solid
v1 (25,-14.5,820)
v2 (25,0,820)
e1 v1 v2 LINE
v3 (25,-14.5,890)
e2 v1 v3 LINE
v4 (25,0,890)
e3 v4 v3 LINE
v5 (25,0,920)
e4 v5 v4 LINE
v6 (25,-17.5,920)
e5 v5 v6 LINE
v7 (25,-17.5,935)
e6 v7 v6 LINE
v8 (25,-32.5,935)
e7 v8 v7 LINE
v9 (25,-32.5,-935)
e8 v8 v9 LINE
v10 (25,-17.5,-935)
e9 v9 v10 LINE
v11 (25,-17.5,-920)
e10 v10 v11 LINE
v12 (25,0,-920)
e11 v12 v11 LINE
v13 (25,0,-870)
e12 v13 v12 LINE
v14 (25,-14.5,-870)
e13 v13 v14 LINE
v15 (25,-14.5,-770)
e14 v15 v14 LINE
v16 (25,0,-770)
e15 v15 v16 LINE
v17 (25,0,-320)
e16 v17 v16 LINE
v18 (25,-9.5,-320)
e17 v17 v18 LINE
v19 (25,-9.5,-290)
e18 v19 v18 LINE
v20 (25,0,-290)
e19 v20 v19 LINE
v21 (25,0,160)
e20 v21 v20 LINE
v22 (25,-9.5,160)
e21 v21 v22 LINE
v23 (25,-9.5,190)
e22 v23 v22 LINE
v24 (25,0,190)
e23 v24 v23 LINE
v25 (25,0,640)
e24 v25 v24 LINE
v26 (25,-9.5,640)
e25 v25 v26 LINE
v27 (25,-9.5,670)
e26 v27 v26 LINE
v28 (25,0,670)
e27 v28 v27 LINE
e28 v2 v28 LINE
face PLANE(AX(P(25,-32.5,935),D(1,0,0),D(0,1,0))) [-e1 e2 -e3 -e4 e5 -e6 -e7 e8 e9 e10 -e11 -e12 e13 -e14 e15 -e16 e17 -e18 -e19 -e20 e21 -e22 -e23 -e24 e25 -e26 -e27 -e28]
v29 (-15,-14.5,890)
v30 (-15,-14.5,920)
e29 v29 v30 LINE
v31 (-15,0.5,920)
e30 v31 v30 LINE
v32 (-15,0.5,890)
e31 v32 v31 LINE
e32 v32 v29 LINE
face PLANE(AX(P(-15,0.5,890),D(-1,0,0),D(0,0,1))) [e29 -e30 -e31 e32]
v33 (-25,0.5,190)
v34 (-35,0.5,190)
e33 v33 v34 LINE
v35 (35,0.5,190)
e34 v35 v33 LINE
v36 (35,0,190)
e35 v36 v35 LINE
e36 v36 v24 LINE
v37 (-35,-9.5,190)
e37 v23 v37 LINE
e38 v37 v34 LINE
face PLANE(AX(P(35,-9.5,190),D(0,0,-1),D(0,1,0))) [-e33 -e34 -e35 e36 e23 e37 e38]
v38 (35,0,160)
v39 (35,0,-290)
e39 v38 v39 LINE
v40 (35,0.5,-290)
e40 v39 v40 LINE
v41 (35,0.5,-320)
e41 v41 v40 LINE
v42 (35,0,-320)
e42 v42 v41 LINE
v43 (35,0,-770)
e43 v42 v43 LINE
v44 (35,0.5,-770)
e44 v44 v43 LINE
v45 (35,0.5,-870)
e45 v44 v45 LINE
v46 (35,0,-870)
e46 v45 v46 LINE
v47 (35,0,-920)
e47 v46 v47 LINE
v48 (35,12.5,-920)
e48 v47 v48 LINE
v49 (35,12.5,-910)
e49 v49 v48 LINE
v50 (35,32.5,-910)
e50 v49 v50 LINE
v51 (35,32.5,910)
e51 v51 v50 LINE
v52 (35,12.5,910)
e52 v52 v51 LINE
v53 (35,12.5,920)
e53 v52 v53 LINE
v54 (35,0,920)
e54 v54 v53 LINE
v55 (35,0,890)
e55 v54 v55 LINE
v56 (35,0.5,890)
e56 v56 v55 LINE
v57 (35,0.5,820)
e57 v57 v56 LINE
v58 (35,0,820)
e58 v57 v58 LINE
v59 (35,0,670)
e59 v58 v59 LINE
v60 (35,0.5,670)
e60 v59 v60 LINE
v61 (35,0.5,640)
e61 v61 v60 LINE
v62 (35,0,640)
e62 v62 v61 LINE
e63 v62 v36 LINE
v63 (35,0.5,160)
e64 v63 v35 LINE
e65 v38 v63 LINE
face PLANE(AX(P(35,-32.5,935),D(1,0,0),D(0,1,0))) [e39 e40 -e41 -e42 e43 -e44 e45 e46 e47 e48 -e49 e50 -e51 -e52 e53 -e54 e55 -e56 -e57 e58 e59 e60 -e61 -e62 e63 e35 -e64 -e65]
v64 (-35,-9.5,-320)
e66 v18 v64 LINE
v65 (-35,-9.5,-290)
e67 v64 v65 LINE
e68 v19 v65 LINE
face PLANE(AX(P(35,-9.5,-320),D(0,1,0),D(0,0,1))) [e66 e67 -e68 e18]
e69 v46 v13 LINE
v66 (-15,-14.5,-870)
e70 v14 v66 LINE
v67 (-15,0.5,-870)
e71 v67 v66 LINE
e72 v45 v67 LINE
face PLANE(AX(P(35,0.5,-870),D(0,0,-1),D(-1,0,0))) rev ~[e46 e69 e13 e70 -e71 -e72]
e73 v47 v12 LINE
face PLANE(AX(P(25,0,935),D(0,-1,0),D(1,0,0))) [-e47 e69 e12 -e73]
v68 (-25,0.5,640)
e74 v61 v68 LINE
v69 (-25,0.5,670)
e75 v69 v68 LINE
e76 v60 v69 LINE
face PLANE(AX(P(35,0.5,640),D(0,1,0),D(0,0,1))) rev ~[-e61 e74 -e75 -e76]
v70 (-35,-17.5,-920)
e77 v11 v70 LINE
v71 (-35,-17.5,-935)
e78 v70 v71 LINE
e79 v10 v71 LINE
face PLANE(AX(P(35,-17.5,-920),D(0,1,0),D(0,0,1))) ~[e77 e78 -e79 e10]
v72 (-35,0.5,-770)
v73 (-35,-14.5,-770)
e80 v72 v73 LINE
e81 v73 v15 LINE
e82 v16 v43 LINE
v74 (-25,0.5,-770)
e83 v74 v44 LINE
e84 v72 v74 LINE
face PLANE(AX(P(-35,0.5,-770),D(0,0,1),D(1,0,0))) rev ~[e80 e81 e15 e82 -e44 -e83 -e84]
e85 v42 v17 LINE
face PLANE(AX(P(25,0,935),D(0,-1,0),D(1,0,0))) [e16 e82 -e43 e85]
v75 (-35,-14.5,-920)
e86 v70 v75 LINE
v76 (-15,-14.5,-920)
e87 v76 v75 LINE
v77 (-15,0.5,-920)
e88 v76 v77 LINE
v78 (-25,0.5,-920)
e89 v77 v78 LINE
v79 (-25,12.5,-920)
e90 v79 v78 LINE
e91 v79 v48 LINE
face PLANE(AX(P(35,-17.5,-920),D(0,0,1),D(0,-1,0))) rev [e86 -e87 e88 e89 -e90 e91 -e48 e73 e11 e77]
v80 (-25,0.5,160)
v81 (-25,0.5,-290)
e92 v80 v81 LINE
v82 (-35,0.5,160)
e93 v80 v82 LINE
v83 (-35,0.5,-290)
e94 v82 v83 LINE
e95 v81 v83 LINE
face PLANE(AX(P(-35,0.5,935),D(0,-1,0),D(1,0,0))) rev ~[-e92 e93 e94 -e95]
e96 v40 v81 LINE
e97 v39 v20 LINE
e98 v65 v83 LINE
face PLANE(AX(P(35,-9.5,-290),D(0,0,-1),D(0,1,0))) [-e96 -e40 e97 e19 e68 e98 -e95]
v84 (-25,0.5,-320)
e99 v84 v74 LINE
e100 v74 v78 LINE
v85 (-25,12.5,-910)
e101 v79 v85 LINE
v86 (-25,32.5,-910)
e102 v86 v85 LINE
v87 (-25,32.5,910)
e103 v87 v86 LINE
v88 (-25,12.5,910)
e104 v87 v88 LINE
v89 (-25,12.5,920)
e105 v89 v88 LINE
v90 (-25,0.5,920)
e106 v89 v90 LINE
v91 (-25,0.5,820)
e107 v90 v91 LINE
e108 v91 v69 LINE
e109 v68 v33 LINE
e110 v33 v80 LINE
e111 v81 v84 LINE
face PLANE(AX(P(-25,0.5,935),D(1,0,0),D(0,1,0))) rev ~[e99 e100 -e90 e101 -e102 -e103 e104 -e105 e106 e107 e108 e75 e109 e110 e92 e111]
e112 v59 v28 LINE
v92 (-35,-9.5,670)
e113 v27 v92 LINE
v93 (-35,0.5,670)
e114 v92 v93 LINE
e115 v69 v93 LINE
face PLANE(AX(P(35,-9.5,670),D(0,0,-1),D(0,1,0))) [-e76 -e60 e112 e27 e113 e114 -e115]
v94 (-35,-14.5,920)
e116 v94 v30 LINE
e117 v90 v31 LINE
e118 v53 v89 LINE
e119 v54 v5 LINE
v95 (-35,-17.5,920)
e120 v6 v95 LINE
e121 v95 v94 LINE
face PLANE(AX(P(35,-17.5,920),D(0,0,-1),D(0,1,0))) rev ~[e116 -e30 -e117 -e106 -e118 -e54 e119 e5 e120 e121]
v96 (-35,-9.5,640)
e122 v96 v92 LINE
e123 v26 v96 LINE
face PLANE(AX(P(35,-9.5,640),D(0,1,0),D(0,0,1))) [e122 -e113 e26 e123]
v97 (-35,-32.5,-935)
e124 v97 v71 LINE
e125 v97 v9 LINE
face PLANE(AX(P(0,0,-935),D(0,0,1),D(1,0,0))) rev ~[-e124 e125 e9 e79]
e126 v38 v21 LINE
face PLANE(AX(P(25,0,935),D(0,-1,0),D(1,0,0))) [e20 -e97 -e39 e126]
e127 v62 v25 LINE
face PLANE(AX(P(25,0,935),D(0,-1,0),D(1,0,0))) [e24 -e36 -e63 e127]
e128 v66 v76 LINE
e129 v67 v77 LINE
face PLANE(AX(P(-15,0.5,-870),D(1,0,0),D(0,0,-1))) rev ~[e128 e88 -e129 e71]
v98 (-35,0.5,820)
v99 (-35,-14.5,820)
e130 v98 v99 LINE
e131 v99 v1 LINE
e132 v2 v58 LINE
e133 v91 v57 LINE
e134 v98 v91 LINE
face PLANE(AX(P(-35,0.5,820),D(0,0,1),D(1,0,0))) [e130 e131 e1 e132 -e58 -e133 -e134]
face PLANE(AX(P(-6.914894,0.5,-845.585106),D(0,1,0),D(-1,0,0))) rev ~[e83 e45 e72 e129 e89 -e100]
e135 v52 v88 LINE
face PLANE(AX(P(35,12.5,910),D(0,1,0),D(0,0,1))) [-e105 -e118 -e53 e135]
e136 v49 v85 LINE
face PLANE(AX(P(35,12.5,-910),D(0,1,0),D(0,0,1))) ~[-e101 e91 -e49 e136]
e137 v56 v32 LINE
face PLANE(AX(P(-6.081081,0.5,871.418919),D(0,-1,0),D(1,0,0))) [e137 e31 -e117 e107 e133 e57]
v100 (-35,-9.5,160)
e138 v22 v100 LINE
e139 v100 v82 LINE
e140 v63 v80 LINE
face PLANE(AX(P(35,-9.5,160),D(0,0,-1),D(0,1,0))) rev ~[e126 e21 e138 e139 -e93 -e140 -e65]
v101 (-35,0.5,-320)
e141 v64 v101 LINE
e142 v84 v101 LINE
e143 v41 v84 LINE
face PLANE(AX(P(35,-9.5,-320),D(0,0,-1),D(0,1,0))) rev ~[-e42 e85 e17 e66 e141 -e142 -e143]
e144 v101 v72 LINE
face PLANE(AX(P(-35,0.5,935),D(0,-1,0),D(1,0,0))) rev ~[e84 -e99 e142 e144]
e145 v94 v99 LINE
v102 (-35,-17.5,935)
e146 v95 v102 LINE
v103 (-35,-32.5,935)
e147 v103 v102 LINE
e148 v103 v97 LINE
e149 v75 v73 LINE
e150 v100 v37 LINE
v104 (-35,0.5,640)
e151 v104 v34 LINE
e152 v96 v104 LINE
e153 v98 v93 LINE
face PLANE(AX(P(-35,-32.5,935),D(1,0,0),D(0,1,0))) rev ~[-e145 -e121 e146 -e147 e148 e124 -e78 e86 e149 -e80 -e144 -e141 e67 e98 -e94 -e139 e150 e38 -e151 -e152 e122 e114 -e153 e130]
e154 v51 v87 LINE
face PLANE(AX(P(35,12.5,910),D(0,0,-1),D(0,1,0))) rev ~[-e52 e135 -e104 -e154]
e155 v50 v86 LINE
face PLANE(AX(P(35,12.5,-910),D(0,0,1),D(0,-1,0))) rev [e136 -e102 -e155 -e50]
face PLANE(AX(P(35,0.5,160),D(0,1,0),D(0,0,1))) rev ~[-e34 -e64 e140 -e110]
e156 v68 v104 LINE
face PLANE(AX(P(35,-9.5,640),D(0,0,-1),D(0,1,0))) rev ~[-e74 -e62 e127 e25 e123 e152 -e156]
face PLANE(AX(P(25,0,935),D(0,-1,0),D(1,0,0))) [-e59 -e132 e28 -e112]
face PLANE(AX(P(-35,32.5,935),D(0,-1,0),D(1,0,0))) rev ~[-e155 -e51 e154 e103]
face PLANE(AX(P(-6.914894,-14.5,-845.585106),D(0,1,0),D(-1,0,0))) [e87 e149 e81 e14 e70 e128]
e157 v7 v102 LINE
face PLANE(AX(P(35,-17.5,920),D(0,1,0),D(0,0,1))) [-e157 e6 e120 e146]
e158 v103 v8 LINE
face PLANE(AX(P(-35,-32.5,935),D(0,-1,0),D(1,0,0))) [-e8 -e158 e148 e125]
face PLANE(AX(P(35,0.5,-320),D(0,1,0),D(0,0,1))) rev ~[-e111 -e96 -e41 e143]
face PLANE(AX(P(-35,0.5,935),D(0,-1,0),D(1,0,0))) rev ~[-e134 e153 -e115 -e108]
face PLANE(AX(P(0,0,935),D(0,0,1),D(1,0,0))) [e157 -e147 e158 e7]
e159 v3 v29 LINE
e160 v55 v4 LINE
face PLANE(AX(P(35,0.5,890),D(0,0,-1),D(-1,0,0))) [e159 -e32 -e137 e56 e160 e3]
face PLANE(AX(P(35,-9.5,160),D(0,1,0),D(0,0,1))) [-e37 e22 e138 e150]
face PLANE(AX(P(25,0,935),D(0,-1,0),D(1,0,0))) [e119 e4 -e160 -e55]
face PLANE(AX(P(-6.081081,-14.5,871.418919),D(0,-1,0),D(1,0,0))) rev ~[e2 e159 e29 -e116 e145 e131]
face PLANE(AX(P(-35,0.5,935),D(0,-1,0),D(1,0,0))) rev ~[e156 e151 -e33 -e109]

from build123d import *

# Parameters (mm, degrees)
SKETCH022_W     = 70
SKETCH022_H     = 65
PAD002_DEPTH    = 1870
POCKET024_DEPTH = 15
POCKET026_DEPTH = 15
SKETCH023_W     = 10
SKETCH023_H     = 30
POCKET019_DEPTH = 70.001
SKETCH024_W     = 20
SKETCH024_H     = 25
POCKET020_DEPTH = 3814.8775
SKETCH025_W     = 50
SKETCH025_H     = 15
POCKET021_DEPTH = 3814.8775
SKETCH029_W     = 10
SKETCH029_H     = 32
POCKET025_DEPTH = 1870.001
SKETCH031_W     = 10
SKETCH031_H     = 32.5
POCKET027_DEPTH = 1870.001


with BuildPart() as part:
    # Sketch022 (on DatumPlane) → Pad002 (new body)
    with BuildSketch(Plane.XY.offset(935)):
        Rectangle(SKETCH022_W, SKETCH022_H)
    extrude(amount=-PAD002_DEPTH)

    # Sketch028 (on DatumPlane) → Pocket024 (cut)
    with BuildSketch(Plane(origin=(0, 0.5, 0), x_dir=(-1, 0, 0), z_dir=(0, 1, 0))):
        Polygon((-35, 890), (15, 890), (15, 935), (35, 935), (35, 820), (-35, 820), align=None)
    extrude(amount=-POCKET024_DEPTH, mode=Mode.SUBTRACT)

    # Sketch030 (on DatumPlane) → Pocket026 (cut)
    with BuildSketch(Plane(origin=(0, 0.5, 0), x_dir=(-1, 0, 0), z_dir=(0, 1, 0))):
        Polygon((35, -770), (-35, -770), (-35, -870), (15, -870), (15, -935), (35, -935), align=None)
    extrude(amount=-POCKET026_DEPTH, mode=Mode.SUBTRACT)

    # Sketch023 (on DatumPlane) → Pocket019 (cut, through all)
    with BuildSketch(Plane.YZ.offset(35)):
        with Locations((-4.5, -305)):
            Rectangle(SKETCH023_W, SKETCH023_H)
        with Locations((-4.5, 175)):
            Rectangle(SKETCH023_W, SKETCH023_H)
        with Locations((-4.5, 655)):
            Rectangle(SKETCH023_W, SKETCH023_H)
    extrude(amount=-POCKET019_DEPTH, mode=Mode.SUBTRACT)

    # Sketch024 (on DatumPlane) → Pocket020 (cut, through all)
    with BuildSketch(Plane.YZ.offset(35)):
        with Locations((22.5, 922.5)):
            Rectangle(SKETCH024_W, SKETCH024_H)
    pocket020 = extrude(amount=-POCKET020_DEPTH, mode=Mode.SUBTRACT)

    # Sketch025 (on DatumPlane) → Pocket021 (cut, through all)
    with BuildSketch(Plane.YZ.offset(35)):
        with Locations((7.5, 927.5)):
            Rectangle(SKETCH025_W, SKETCH025_H)
    pocket021 = extrude(amount=-POCKET021_DEPTH, mode=Mode.SUBTRACT)

    # Mirrored003: Pocket020, Pocket021 across XY
    add(pocket020.mirror(Plane.XY), mode=Mode.SUBTRACT)
    add(pocket021.mirror(Plane.XY), mode=Mode.SUBTRACT)

    # Sketch029 (on DatumPlane) → Pocket025 (cut, through all)
    with BuildSketch(Plane.XY.offset(935)):
        with Locations((-30, 16.5)):
            Rectangle(SKETCH029_W, SKETCH029_H)
    extrude(amount=-POCKET025_DEPTH, mode=Mode.SUBTRACT)

    # Sketch031 (on DatumPlane) → Pocket027 (cut, through all)
    with BuildSketch(Plane.XY.offset(935)):
        with Locations((30, -16.25)):
            Rectangle(SKETCH031_W, SKETCH031_H)
    extrude(amount=-POCKET027_DEPTH, mode=Mode.SUBTRACT)


solid = part.part
